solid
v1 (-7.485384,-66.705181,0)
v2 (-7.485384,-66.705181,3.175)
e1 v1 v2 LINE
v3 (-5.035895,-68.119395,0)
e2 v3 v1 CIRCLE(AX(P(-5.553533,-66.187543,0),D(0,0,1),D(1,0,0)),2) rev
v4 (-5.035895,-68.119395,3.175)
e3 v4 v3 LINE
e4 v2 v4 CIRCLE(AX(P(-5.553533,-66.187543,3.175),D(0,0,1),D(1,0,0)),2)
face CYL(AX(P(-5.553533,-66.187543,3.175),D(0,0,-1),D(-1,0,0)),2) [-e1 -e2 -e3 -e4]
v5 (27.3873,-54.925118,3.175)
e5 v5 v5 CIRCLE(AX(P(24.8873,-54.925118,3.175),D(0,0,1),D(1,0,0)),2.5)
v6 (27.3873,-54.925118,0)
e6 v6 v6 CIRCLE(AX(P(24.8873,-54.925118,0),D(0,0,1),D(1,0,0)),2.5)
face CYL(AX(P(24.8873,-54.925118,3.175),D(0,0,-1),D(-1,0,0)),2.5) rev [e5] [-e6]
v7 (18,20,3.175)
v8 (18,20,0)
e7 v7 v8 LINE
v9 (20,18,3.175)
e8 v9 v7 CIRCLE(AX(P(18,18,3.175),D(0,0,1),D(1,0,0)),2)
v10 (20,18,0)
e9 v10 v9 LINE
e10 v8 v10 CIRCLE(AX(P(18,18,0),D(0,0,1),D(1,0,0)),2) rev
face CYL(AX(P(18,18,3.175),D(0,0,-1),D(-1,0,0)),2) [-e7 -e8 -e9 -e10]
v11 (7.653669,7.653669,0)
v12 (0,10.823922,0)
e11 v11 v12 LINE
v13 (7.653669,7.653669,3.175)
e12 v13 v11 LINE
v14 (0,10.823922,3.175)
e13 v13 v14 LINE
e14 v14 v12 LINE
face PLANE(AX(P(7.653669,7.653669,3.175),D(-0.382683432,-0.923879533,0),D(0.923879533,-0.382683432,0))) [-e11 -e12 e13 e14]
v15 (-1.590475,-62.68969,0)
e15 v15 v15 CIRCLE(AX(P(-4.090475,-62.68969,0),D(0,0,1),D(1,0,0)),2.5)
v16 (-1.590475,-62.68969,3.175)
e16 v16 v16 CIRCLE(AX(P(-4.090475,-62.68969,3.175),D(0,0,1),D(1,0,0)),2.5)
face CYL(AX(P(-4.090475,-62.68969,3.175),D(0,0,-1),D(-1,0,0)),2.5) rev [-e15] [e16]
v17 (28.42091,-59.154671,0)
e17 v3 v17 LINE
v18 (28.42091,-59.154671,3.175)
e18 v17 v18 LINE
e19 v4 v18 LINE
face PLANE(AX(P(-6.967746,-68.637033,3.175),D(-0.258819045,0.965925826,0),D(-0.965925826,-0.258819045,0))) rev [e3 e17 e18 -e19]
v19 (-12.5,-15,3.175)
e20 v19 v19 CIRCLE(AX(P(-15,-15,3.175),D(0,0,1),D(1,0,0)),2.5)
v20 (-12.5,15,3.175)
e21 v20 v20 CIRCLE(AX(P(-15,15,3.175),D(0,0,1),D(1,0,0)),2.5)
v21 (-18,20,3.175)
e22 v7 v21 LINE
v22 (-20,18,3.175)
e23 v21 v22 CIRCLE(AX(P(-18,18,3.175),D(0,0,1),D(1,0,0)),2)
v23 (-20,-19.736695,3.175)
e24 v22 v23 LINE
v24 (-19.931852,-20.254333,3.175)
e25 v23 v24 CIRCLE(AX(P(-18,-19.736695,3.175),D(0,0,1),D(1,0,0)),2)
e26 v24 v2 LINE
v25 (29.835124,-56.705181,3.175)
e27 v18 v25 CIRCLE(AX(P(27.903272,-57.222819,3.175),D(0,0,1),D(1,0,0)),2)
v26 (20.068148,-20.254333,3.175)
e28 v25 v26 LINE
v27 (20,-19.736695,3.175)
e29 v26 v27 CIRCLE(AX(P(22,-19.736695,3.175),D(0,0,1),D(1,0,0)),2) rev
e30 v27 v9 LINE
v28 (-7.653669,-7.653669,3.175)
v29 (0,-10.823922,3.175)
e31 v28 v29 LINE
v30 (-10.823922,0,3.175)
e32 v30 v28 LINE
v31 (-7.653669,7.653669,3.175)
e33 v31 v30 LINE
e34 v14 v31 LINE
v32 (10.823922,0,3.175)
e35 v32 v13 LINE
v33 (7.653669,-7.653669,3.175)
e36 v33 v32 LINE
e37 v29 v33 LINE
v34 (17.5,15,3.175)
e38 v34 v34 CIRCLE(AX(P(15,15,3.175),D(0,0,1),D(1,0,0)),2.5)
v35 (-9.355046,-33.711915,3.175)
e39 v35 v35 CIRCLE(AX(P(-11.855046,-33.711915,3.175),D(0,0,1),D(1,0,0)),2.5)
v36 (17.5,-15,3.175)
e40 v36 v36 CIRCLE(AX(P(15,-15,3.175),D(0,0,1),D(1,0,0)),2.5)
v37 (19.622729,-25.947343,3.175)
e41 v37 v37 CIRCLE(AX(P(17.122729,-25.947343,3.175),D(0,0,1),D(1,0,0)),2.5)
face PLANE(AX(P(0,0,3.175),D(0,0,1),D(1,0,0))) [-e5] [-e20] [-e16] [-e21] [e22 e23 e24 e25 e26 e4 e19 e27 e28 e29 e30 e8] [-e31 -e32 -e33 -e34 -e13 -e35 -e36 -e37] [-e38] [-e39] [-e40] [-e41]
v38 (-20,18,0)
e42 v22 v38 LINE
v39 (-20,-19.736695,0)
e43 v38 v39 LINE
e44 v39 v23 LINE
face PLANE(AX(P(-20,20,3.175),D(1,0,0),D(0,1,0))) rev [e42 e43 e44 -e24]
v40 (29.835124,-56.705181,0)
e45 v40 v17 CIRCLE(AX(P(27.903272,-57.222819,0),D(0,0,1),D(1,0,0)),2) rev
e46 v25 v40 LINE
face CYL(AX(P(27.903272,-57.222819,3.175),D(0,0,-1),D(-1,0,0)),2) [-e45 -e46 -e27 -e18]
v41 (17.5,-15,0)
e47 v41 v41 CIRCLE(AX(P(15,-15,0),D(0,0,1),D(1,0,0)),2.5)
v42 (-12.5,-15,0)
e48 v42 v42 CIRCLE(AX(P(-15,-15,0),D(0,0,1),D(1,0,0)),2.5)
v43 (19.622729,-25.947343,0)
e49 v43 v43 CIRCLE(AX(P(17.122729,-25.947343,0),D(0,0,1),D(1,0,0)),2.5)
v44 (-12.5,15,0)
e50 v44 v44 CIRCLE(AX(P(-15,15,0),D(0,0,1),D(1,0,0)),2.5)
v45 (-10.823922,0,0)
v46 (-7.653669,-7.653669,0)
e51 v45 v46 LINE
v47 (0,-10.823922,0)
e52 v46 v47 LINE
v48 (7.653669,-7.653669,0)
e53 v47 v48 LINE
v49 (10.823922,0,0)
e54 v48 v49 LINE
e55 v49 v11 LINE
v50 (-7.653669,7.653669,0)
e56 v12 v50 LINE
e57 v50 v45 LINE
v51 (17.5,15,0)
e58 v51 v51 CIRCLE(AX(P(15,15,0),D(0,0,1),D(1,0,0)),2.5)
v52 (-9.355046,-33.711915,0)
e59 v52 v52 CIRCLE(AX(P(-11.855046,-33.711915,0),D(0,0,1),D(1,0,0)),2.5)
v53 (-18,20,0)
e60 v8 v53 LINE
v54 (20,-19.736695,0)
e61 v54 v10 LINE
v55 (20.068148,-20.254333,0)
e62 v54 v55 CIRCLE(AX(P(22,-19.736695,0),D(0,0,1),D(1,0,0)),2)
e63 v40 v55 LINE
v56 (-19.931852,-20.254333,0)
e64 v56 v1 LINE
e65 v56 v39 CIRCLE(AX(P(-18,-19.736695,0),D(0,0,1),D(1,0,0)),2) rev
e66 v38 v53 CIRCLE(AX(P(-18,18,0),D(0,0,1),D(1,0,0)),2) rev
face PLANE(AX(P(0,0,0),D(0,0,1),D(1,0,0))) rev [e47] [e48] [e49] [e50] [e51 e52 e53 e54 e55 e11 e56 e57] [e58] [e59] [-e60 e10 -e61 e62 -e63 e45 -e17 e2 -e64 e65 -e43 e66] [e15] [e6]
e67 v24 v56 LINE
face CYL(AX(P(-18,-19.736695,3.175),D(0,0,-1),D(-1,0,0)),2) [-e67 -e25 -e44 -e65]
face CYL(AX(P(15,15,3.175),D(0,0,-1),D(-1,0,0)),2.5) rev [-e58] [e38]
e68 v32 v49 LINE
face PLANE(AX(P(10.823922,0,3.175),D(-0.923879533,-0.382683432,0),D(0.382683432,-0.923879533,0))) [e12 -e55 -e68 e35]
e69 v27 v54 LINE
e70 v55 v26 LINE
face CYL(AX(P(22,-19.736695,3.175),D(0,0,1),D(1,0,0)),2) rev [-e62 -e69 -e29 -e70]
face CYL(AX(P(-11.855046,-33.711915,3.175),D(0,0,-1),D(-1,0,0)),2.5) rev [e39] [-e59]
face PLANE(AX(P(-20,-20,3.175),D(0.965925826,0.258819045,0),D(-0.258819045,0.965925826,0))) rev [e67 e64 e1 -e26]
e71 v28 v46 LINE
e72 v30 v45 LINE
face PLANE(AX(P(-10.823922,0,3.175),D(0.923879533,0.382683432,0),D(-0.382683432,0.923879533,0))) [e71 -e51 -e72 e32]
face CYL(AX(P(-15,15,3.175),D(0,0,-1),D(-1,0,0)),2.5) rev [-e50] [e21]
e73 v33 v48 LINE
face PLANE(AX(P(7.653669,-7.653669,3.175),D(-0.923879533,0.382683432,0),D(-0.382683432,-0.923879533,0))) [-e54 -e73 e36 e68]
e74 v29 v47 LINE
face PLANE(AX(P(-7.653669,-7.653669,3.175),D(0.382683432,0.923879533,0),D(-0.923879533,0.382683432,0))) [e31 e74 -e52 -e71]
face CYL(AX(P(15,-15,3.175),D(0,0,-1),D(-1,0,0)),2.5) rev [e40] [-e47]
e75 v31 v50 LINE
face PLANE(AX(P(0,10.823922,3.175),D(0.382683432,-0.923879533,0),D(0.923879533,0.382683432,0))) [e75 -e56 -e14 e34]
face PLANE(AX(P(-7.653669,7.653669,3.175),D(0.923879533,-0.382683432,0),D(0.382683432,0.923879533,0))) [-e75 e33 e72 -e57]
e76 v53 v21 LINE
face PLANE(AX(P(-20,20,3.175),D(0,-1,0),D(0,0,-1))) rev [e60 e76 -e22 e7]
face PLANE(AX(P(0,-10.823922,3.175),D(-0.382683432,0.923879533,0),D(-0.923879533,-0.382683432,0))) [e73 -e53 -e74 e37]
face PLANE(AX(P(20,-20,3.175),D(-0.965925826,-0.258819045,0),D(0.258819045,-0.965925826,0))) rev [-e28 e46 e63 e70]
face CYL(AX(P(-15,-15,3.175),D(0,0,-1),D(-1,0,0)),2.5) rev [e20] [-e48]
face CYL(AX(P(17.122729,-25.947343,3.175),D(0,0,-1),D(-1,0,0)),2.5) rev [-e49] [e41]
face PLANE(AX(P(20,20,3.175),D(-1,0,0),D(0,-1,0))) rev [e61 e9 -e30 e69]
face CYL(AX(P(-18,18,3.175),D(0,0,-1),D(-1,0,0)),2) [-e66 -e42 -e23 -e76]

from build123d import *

# Parameters (mm, degrees)
SKETCH1_R           = 2.5
BOSS_EXTRUDE1_DEPTH = 3.175
FILLET1_R           = 2


with BuildPart() as part:
    # Sketch1 → Boss-Extrude1 (new body)
    with BuildSketch(Plane.XY):
        Polygon((-20, 20), (20, 20), (20, -20), (30.352761804, -58.637033052), (-6.967746272, -68.637033052), (-20, -20), align=None)
        with Locations((-15, 15)):
            Circle(SKETCH1_R, mode=Mode.SUBTRACT)
        with Locations((-15, -15)):
            Circle(SKETCH1_R, mode=Mode.SUBTRACT)
        with Locations((15, 15)):
            Circle(SKETCH1_R, mode=Mode.SUBTRACT)
        with Locations((15, -15)):
            Circle(SKETCH1_R, mode=Mode.SUBTRACT)
        with Locations((-11.855046207, -33.711914808)):
            Circle(SKETCH1_R, mode=Mode.SUBTRACT)
        with Locations((17.122728582, -25.947343455)):
            Circle(SKETCH1_R, mode=Mode.SUBTRACT)
        with Locations((24.887299935, -54.925118244)):
            Circle(SKETCH1_R, mode=Mode.SUBTRACT)
        with Locations((-4.090474854, -62.689689597)):
            Circle(SKETCH1_R, mode=Mode.SUBTRACT)
        Polygon((10.823922003, 0), (7.653668647, 7.653668647), (0, 10.823922003), (-7.653668647, 7.653668647), (-10.823922003, 0), (-7.653668647, -7.653668647), (0, -10.823922003), (7.653668647, -7.653668647), align=None, mode=Mode.SUBTRACT)
    extrude(amount=BOSS_EXTRUDE1_DEPTH)

    # Fillet1
    fillet1_edges = [part.edges().sort_by_distance(p)[0] for p in [
        (-20, 20, 1.5875),
        (20, 20, 1.5875),
        (20, -20, 1.5875),
        (30.352761804, -58.637033052, 1.5875),
        (-6.967746272, -68.637033052, 1.5875),
        (-20, -20, 1.5875),
    ]]
    fillet(fillet1_edges, radius=FILLET1_R)


solid = part.part
